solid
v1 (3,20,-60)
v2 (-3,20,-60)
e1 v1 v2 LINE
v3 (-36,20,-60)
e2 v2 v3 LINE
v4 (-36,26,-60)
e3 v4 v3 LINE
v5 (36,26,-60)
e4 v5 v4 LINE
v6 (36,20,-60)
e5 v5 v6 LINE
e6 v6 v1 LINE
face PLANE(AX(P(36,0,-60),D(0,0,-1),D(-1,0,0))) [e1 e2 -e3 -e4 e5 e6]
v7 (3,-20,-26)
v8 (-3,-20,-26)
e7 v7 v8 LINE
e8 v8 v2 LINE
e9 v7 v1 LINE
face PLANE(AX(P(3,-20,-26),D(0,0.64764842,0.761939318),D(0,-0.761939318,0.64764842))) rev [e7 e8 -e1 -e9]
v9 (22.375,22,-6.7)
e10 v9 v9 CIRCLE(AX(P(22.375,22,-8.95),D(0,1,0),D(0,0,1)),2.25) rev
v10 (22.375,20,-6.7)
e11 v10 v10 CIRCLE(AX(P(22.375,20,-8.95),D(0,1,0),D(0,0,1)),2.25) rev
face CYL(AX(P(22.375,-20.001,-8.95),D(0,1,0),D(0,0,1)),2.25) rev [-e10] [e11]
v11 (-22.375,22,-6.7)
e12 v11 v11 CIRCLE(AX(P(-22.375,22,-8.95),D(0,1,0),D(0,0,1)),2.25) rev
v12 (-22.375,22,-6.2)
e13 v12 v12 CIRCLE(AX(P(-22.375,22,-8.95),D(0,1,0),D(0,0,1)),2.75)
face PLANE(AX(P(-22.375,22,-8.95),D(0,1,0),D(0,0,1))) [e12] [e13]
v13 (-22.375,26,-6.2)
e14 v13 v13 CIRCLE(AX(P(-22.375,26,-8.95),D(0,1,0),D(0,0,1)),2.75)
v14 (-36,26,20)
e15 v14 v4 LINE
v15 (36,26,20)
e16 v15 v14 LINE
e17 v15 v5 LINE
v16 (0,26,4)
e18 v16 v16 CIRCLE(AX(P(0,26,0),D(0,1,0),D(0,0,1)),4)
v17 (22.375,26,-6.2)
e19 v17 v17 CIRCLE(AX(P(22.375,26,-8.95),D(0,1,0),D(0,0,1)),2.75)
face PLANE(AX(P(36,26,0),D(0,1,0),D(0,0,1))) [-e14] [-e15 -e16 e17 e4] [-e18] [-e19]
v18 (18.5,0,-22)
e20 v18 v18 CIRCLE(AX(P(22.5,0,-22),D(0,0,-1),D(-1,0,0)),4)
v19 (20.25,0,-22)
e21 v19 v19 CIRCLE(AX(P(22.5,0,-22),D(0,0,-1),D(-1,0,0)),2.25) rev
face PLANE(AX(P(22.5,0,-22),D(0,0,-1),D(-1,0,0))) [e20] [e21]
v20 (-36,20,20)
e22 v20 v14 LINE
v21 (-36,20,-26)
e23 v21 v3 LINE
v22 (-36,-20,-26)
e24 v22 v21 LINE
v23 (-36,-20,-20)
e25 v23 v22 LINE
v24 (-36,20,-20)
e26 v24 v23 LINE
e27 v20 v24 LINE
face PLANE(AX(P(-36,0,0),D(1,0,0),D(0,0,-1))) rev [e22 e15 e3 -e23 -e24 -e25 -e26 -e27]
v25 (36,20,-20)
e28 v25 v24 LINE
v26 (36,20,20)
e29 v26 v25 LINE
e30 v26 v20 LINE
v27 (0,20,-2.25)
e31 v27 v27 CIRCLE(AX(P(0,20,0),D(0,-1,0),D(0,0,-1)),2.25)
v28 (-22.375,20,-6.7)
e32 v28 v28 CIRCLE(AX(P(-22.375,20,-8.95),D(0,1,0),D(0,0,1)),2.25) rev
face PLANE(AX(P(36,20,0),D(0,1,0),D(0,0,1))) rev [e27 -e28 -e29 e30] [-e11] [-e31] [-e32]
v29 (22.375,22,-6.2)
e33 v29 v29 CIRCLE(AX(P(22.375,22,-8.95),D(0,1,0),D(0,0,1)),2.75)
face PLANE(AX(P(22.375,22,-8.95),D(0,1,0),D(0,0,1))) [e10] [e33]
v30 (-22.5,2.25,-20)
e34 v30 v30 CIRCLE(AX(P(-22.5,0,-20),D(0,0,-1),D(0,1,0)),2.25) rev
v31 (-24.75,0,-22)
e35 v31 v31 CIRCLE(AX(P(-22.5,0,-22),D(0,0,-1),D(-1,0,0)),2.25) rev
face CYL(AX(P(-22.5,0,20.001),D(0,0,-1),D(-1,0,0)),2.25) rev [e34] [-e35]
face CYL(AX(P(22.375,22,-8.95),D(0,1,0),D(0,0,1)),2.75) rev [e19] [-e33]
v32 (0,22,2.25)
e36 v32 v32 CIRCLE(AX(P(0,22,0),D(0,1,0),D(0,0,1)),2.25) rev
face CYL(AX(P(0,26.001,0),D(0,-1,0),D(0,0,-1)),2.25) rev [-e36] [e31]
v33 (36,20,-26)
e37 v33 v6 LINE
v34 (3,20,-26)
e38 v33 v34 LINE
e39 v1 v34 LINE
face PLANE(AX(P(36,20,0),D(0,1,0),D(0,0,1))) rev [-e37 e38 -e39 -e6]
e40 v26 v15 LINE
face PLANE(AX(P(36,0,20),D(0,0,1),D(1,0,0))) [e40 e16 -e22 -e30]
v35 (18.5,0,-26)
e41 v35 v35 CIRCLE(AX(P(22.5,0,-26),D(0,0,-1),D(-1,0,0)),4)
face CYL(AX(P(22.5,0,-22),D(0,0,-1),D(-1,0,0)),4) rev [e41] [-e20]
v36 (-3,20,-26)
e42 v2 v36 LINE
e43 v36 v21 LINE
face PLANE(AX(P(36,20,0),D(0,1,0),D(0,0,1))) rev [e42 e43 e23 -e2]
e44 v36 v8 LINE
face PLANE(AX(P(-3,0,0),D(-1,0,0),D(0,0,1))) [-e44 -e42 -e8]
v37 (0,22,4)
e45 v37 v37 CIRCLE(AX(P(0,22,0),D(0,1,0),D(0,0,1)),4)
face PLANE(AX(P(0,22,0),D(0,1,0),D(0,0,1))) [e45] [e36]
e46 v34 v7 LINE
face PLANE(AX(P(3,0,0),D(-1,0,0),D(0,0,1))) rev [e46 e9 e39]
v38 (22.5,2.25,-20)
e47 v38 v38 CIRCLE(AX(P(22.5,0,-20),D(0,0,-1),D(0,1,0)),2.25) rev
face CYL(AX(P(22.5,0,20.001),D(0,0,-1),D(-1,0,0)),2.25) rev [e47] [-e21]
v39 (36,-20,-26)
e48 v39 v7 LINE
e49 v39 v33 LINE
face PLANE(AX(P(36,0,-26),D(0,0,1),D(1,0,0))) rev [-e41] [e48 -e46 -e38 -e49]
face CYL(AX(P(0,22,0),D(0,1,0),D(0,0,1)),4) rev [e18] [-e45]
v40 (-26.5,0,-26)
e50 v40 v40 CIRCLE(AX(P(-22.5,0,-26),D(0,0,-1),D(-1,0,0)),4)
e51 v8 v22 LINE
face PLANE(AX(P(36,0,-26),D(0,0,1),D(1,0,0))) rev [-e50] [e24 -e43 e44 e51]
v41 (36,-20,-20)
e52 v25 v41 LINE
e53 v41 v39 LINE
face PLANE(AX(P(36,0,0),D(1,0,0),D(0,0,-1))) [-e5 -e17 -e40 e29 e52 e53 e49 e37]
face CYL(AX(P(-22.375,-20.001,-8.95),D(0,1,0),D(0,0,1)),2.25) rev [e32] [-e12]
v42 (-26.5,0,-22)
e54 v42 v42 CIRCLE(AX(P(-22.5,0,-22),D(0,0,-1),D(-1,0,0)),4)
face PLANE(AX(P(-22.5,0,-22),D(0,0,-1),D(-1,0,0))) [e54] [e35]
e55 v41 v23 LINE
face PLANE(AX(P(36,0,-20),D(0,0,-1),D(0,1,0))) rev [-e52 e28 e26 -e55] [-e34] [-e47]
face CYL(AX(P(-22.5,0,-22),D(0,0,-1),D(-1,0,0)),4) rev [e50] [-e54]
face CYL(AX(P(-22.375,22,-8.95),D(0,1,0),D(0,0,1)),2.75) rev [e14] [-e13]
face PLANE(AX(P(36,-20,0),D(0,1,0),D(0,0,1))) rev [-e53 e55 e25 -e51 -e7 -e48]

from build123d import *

# Parameters (mm, degrees)
BOSS_EXTRUDE1_DEPTH = 36
CUT_EXTRUDE1_REACH  = 48
SKETCH2_R           = 2.25
CUT_EXTRUDE2_REACH  = 8
SKETCH3_R           = 2.25
SKETCH4_R           = 4
CUT_EXTRUDE3_DEPTH  = 4
SKETCH5_R           = 4
CUT_EXTRUDE4_DEPTH  = 4
CUT_EXTRUDE5_REACH  = 48
SKETCH7_R           = 2.25
SKETCH8_R           = 2.75
CUT_EXTRUDE6_DEPTH  = 4
BOSS_EXTRUDE2_DEPTH = 3


with BuildPart() as part:
    # Sketch1 → Boss-Extrude1 (new body, symmetric)
    with BuildSketch(Plane(origin=(0, 0, 0), x_dir=(0, 0, -1), z_dir=(1, 0, 0))):
        Polygon((-20, 20), (20, 20), (20, -20), (26, -20), (26, 20), (60, 20), (60, 26), (-20, 26), align=None)
    extrude(amount=BOSS_EXTRUDE1_DEPTH, both=True)

    # Sketch2 → Cut-Extrude1 (cut, up to next)
    with BuildSketch(Plane(origin=(0, 0, -26), x_dir=(-1, 0, 0), z_dir=(0, 0, -1)), mode=Mode.PRIVATE) as cut_extrude1_sk1:
        with Locations((-22.5, 0)):
            Circle(SKETCH2_R)
    cut_extrude1_tool1 = extrude(cut_extrude1_sk1.sketch, amount=-CUT_EXTRUDE1_REACH, mode=Mode.PRIVATE) & part.part
    add(cut_extrude1_tool1.solids().sort_by_distance((22.5, 0, -26))[0], mode=Mode.SUBTRACT)
    # Sketch2 → Cut-Extrude1 (cut, up to next)
    with BuildSketch(Plane(origin=(0, 0, -26), x_dir=(-1, 0, 0), z_dir=(0, 0, -1)), mode=Mode.PRIVATE) as cut_extrude1_sk2:
        with Locations((22.5, 0)):
            Circle(SKETCH2_R)
    cut_extrude1_tool2 = extrude(cut_extrude1_sk2.sketch, amount=-CUT_EXTRUDE1_REACH, mode=Mode.PRIVATE) & part.part
    add(cut_extrude1_tool2.solids().sort_by_distance((-22.5, 0, -26))[0], mode=Mode.SUBTRACT)

    # Sketch3 → Cut-Extrude2 (cut, up to next)
    with BuildSketch(Plane.XZ.offset(-20), mode=Mode.PRIVATE) as cut_extrude2_sk1:
        Circle(SKETCH3_R)
    cut_extrude2_tool1 = extrude(cut_extrude2_sk1.sketch, amount=-CUT_EXTRUDE2_REACH, mode=Mode.PRIVATE) & part.part
    add(cut_extrude2_tool1.solids().sort_by_distance((0, 20, 0))[0], mode=Mode.SUBTRACT)

    # Sketch4 → Cut-Extrude3 (cut)
    with BuildSketch(Plane(origin=(0, 0, -26), x_dir=(-1, 0, 0), z_dir=(0, 0, -1))):
        with Locations((-22.5, 0)):
            Circle(SKETCH4_R)
        with Locations((22.5, 0)):
            Circle(SKETCH4_R)
    extrude(amount=-CUT_EXTRUDE3_DEPTH, mode=Mode.SUBTRACT)

    # Sketch5 → Cut-Extrude4 (cut)
    with BuildSketch(Plane(origin=(0, 26, 0), x_dir=(1, 0, 0), z_dir=(0, 1, 0))):
        Circle(SKETCH5_R)
    extrude(amount=-CUT_EXTRUDE4_DEPTH, mode=Mode.SUBTRACT)

    # Sketch7 → Cut-Extrude5 (cut, up to next)
    with BuildSketch(Plane(origin=(0, 26, 0), x_dir=(1, 0, 0), z_dir=(0, 1, 0)), mode=Mode.PRIVATE) as cut_extrude5_sk1:
        with Locations((-22.375, 8.95)):
            Circle(SKETCH7_R)
    cut_extrude5_tool1 = extrude(cut_extrude5_sk1.sketch, amount=-CUT_EXTRUDE5_REACH, mode=Mode.PRIVATE) & part.part
    add(cut_extrude5_tool1.solids().sort_by_distance((-22.375, 26, -8.95))[0], mode=Mode.SUBTRACT)
    # Sketch7 → Cut-Extrude5 (cut, up to next)
    with BuildSketch(Plane(origin=(0, 26, 0), x_dir=(1, 0, 0), z_dir=(0, 1, 0)), mode=Mode.PRIVATE) as cut_extrude5_sk2:
        with Locations((22.375, 8.95)):
            Circle(SKETCH7_R)
    cut_extrude5_tool2 = extrude(cut_extrude5_sk2.sketch, amount=-CUT_EXTRUDE5_REACH, mode=Mode.PRIVATE) & part.part
    add(cut_extrude5_tool2.solids().sort_by_distance((22.375, 26, -8.95))[0], mode=Mode.SUBTRACT)

    # Sketch8 → Cut-Extrude6 (cut)
    with BuildSketch(Plane(origin=(0, 26, 0), x_dir=(1, 0, 0), z_dir=(0, 1, 0))):
        with Locations((-22.375, 8.95)):
            Circle(SKETCH8_R)
        with Locations((22.375, 8.95)):
            Circle(SKETCH8_R)
    extrude(amount=-CUT_EXTRUDE6_DEPTH, mode=Mode.SUBTRACT)

    # Sketch9 → Boss-Extrude2 (add, symmetric)
    with BuildSketch(Plane(origin=(0, 0, 0), x_dir=(0, 0, -1), z_dir=(1, 0, 0))):
        Polygon((26, -20), (60, 20), (26, 20), align=None)
    extrude(amount=BOSS_EXTRUDE2_DEPTH, both=True)


solid = part.part
